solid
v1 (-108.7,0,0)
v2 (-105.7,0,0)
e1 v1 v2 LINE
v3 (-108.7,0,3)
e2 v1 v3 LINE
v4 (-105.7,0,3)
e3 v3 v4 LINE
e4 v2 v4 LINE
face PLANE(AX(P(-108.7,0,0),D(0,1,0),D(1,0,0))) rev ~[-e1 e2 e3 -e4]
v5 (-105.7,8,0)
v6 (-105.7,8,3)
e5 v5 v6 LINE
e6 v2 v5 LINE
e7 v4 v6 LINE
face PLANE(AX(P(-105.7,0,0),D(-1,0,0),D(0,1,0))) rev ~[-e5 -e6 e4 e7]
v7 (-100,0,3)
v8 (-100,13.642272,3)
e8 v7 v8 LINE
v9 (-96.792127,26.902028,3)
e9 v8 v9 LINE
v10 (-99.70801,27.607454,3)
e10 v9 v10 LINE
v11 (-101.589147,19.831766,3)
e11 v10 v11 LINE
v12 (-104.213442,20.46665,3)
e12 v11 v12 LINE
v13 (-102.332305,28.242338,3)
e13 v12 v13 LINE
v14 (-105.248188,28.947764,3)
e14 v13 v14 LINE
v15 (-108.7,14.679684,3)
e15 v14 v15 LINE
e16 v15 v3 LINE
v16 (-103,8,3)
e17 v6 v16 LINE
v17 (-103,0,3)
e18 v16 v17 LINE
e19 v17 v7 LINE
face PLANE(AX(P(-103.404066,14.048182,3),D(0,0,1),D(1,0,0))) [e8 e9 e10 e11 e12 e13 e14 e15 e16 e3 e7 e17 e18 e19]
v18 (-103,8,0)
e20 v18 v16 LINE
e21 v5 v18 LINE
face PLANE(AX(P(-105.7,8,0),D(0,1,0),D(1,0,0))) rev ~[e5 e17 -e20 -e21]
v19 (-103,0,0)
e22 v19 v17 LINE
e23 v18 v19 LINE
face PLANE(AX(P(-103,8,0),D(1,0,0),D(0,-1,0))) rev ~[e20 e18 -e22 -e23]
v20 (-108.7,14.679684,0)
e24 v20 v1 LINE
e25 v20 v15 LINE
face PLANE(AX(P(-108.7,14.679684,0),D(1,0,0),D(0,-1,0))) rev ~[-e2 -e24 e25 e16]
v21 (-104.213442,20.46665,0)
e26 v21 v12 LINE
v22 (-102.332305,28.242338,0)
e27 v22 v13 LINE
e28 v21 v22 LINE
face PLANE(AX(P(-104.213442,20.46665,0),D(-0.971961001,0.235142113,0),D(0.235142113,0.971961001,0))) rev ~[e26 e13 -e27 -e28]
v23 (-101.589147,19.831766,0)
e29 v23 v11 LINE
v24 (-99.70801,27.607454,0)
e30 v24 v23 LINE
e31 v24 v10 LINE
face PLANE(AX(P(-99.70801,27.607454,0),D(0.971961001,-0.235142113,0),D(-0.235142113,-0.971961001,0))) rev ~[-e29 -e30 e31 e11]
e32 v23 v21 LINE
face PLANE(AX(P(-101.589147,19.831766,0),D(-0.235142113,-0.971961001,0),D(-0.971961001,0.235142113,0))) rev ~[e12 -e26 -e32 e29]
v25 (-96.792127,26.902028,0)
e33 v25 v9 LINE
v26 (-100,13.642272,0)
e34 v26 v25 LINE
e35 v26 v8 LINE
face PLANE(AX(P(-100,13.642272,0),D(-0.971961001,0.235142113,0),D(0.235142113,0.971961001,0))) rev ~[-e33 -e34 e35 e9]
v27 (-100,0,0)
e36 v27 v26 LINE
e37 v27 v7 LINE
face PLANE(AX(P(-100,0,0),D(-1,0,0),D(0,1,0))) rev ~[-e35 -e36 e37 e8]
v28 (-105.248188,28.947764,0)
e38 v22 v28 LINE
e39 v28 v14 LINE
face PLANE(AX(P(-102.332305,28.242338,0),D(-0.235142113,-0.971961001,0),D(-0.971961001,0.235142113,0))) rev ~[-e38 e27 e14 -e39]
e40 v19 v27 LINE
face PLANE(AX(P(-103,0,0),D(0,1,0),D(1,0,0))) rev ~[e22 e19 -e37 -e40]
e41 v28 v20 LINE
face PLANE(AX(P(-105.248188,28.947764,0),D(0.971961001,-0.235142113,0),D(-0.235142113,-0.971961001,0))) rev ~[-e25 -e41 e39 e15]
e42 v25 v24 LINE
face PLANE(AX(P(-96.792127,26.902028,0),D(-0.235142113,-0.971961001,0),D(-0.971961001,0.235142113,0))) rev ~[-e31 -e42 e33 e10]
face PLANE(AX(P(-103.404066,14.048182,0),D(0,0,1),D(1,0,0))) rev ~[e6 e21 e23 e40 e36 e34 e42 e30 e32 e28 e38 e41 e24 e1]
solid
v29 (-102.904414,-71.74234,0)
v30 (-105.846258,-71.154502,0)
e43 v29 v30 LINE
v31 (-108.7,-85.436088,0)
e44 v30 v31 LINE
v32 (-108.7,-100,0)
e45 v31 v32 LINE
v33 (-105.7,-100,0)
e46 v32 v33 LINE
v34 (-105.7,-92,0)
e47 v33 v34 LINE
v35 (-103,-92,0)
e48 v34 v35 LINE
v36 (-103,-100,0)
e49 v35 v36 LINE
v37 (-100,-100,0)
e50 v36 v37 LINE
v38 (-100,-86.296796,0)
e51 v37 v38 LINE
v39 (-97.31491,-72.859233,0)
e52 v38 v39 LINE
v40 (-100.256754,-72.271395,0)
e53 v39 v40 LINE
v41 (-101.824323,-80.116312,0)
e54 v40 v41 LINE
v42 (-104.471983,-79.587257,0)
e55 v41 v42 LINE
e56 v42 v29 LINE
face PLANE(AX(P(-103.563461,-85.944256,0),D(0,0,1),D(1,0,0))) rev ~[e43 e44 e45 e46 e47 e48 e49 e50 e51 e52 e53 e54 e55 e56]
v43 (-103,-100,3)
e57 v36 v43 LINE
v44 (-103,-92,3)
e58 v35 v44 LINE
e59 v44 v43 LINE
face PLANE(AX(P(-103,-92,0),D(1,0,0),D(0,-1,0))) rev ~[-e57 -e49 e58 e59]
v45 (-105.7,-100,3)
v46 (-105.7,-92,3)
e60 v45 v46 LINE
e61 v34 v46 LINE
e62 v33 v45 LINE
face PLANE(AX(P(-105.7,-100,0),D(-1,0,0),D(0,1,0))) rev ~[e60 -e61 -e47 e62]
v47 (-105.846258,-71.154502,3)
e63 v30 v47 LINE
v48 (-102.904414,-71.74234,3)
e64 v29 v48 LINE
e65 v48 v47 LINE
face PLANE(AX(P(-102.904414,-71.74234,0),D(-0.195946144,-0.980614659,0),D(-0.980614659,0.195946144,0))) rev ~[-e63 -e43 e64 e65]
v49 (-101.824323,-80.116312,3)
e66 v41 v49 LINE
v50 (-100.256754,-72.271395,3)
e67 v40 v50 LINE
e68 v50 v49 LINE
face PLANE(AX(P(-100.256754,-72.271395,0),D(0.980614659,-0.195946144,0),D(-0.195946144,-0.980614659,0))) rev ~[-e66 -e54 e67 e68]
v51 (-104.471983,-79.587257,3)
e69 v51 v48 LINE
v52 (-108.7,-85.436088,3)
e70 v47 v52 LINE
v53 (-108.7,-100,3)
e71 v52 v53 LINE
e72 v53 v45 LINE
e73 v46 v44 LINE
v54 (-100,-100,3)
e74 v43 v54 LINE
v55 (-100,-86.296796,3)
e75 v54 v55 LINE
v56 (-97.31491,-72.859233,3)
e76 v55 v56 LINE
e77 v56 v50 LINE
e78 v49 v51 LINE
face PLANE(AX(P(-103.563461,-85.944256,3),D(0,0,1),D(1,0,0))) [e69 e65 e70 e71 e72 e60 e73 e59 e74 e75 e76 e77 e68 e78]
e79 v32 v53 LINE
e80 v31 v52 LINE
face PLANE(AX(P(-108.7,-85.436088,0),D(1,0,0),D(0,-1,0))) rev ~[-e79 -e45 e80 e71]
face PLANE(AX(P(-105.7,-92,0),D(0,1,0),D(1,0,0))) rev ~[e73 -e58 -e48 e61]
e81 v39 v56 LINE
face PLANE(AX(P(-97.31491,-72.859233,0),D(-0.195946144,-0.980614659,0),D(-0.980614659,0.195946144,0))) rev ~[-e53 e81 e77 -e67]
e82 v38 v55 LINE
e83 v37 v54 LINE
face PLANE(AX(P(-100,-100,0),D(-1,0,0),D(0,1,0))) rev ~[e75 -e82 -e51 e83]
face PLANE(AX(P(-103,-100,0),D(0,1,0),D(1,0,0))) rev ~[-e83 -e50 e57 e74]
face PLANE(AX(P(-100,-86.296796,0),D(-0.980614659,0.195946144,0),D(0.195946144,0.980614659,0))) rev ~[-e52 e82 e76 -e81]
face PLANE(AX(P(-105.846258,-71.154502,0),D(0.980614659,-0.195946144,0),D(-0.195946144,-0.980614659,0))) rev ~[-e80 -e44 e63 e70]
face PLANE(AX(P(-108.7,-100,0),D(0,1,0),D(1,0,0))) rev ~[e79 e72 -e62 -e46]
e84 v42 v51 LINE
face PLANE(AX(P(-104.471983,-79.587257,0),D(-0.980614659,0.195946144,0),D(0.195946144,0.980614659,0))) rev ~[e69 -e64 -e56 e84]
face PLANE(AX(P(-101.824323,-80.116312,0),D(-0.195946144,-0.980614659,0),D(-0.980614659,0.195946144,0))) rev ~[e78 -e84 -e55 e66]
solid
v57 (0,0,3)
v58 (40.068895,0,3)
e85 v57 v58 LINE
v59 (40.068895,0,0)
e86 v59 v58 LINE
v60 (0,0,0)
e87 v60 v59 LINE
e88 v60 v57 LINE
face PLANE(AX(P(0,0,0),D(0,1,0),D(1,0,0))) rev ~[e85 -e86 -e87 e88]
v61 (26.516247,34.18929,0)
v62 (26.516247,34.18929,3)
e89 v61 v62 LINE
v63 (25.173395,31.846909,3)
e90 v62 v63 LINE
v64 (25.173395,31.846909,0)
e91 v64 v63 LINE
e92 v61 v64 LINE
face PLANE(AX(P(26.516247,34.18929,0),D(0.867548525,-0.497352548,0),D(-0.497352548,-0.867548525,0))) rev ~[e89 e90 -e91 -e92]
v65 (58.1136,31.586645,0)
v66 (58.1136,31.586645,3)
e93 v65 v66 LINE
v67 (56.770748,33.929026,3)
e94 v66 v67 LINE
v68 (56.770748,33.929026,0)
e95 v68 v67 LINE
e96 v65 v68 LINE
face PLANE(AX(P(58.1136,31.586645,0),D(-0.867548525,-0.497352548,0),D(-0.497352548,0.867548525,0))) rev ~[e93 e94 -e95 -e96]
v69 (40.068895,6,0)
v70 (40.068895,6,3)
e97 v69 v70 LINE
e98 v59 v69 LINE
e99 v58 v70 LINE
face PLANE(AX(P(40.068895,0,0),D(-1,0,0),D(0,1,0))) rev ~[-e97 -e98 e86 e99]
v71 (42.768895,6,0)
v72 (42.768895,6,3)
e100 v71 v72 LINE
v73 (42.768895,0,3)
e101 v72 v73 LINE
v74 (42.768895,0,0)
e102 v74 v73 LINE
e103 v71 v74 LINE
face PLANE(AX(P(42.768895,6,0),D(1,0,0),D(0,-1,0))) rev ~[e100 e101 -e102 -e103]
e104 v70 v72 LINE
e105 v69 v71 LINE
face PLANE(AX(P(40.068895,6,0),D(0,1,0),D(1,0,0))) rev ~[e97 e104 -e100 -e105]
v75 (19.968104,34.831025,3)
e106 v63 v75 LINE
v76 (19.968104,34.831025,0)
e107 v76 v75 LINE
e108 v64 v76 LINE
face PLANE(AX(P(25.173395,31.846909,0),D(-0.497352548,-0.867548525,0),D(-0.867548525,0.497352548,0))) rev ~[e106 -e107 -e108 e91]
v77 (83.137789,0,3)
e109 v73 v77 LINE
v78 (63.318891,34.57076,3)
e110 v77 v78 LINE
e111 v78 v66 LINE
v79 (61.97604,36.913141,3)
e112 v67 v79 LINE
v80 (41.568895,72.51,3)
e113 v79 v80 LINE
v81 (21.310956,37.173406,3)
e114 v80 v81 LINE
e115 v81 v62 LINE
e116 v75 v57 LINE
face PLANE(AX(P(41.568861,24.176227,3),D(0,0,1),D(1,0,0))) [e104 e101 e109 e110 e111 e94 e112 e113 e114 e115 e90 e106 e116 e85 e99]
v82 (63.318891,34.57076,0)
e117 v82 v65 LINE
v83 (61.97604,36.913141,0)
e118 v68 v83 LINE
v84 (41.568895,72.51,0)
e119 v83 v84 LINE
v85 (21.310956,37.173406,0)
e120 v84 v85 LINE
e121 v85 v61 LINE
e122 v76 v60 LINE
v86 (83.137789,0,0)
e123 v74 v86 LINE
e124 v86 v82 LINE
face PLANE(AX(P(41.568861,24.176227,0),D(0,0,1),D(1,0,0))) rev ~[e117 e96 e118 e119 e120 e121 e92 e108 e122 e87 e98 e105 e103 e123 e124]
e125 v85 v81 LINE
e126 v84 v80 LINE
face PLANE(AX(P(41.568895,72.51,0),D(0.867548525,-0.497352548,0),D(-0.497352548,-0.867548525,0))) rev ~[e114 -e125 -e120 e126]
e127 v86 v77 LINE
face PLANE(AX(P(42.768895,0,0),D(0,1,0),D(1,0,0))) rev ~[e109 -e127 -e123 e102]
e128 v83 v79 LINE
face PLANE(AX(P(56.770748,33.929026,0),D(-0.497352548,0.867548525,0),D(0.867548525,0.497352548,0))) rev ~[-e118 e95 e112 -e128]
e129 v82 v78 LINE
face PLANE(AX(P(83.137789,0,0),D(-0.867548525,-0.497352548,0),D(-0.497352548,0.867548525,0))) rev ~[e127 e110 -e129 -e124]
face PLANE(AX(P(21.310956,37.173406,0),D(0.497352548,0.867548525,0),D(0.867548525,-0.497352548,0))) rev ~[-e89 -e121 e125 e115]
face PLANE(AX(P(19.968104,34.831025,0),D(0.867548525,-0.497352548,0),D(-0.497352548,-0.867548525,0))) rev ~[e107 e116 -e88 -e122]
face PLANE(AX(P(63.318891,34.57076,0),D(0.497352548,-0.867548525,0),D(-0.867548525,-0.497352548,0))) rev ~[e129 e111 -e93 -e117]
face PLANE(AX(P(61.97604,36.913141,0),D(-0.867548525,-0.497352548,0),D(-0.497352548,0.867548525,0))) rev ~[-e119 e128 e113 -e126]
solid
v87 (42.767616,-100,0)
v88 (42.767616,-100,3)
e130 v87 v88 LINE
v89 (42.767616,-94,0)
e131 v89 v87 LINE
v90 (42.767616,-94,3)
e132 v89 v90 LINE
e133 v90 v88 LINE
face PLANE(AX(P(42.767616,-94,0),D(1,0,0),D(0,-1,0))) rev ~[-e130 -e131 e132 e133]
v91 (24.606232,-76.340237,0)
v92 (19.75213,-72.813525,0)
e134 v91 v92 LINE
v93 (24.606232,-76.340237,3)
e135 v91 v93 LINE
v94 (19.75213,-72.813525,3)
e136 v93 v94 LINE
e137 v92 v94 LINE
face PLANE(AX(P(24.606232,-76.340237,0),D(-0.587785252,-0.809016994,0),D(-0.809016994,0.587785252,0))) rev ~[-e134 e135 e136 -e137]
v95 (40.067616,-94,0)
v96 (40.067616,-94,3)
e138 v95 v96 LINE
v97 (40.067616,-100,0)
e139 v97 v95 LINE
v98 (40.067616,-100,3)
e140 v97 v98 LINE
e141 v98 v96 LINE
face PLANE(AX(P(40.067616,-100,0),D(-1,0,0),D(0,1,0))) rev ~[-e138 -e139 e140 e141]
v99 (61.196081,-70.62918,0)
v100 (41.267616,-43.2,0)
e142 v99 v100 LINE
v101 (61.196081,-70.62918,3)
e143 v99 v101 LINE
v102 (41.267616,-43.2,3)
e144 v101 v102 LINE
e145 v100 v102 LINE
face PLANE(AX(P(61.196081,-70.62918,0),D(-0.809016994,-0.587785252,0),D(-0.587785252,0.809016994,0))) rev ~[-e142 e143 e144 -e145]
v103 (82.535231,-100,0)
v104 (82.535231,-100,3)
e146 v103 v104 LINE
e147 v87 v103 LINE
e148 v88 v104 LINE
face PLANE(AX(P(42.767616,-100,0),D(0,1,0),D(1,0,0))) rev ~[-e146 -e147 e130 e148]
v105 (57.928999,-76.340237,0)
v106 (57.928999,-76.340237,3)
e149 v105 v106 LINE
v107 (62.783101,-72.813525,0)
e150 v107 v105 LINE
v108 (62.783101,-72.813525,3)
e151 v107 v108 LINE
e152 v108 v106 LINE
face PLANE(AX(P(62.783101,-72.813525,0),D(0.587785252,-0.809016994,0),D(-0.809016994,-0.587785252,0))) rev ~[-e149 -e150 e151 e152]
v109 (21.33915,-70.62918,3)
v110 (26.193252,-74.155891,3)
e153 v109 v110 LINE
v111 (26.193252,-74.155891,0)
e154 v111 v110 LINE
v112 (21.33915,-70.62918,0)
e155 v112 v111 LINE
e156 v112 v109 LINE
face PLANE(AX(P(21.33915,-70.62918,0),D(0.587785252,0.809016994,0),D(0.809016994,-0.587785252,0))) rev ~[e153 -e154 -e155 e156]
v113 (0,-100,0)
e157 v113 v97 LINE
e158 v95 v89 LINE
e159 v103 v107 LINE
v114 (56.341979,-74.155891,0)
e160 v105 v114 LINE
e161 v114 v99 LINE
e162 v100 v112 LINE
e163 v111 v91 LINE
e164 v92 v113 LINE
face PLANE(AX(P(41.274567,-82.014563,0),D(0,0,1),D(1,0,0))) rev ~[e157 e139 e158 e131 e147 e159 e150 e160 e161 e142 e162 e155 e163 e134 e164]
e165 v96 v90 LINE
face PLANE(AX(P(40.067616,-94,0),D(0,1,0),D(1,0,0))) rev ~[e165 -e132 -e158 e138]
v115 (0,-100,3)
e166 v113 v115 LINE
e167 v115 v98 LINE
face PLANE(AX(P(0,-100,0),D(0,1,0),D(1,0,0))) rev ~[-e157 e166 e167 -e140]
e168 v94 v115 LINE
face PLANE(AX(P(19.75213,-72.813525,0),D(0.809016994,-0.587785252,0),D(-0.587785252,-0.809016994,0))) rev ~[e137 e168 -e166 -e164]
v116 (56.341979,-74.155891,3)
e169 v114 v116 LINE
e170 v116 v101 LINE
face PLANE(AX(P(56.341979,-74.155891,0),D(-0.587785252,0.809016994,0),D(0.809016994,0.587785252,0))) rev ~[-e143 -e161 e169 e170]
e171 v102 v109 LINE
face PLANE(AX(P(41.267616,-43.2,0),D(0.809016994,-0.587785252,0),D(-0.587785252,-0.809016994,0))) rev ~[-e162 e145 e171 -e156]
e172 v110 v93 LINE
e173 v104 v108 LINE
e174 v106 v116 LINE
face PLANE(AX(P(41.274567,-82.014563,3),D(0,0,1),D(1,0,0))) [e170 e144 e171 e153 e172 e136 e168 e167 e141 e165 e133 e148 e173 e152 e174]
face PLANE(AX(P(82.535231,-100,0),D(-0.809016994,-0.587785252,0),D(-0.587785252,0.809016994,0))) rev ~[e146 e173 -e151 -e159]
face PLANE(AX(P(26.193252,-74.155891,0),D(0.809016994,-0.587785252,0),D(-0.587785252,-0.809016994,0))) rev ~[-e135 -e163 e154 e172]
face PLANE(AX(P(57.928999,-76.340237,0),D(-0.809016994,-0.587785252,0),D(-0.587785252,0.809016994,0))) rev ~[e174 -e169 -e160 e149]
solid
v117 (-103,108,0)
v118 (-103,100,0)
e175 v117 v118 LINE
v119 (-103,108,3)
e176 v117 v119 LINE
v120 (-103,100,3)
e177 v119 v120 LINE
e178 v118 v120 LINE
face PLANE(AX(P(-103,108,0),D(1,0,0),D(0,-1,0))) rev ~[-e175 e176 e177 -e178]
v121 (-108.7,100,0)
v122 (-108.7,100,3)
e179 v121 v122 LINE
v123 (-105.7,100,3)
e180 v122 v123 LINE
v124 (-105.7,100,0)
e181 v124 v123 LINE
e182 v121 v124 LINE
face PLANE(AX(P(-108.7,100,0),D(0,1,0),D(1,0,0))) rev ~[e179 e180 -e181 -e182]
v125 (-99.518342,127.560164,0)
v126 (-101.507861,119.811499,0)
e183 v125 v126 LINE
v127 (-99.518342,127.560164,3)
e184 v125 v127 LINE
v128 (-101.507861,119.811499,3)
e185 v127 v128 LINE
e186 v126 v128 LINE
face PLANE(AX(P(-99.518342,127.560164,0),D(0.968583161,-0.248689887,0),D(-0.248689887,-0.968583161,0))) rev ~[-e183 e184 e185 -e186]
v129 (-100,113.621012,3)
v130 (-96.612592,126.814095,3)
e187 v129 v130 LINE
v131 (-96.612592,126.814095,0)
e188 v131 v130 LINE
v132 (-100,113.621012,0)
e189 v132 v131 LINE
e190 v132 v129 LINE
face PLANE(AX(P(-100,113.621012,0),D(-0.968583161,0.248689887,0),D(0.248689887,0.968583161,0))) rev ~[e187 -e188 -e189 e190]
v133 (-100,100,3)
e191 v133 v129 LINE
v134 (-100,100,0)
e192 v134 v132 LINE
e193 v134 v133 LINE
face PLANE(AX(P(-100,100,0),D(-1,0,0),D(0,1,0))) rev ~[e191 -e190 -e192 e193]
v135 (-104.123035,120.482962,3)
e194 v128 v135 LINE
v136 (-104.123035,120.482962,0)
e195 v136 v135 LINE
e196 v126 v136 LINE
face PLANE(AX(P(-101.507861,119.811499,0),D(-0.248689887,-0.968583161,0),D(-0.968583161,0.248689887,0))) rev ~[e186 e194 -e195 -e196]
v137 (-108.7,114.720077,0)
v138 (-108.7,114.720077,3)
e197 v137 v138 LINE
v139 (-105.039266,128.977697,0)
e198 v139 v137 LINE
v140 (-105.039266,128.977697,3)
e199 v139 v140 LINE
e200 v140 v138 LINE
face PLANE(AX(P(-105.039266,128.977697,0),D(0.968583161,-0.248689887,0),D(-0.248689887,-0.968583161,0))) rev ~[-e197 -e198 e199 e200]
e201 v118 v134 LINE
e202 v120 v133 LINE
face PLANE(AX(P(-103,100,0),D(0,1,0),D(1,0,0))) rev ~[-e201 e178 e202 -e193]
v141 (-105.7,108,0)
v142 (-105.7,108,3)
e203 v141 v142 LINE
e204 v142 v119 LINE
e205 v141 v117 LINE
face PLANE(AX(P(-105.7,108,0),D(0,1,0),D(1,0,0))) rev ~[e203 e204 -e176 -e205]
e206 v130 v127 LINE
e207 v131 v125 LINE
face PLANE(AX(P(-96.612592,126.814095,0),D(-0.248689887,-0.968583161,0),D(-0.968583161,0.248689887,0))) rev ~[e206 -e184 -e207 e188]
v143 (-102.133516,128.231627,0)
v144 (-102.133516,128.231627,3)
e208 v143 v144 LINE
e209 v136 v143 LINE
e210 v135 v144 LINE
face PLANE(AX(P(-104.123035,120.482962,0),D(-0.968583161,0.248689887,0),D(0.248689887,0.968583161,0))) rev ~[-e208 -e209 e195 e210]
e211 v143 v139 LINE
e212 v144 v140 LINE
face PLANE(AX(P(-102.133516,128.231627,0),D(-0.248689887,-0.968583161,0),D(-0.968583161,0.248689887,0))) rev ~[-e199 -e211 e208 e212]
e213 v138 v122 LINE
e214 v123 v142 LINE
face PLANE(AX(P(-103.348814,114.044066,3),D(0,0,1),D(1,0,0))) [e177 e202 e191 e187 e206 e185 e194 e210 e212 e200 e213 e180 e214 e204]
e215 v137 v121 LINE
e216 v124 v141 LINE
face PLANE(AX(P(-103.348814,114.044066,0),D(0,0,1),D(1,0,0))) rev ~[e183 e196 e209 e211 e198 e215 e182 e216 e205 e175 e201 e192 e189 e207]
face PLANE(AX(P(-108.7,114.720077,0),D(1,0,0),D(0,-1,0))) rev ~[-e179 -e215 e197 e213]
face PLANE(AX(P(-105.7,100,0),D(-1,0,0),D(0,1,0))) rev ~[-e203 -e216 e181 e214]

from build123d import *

# Parameters (mm, degrees)
F2_DEPTH  = 3
F4_DEPTH  = 3
F6_DEPTH  = 3
F8_DEPTH  = 3
F10_DEPTH = 3


with BuildPart() as f2:
    # F1 (on Top) → F2 (new body)
    with BuildSketch(Plane.XY):
        Polygon((19.968103654, 34.8310246878), (0, 0), (40.0688946405, 0), (40.0688946405, 6), (42.7688946405, 6), (42.7688946405, 0), (83.137789281, 0), (63.3188913913, 34.5707601304), (58.1136002415, 31.5866448435), (56.7707483624, 33.9290258609), (61.9760395122, 36.9131411478), (41.5688946405, 72.509999976), (21.3109555331, 37.1734057053), (26.5162466829, 34.1892904184), (25.1733948038, 31.846909401), align=None)
    extrude(amount=F2_DEPTH)


with BuildPart() as f4:
    # F3 (on Top) → F4 (new body)
    with BuildSketch(Plane.XY):
        Polygon((19.7521299169, -72.8135254916), (0, -100), (40.0676155907, -100), (40.0676155907, -94), (42.7676155907, -94), (42.7676155907, -100), (82.5352311814, -100), (62.7831012645, -72.8135254916), (57.9289992982, -76.3402370053), (56.3419791171, -74.1558911205), (61.1960810833, -70.6291796067), (41.2676155907, -43.2), (21.3391500981, -70.6291796068), (26.1932520644, -74.1558911205), (24.6062318832, -76.3402370053), align=None)
    extrude(amount=F4_DEPTH)


with BuildPart() as f6:
    # F5 (on Top) → F6 (new body)
    with BuildSketch(Plane.XY):
        Polygon((-103, 0), (-100, 0), (-100, 13.642271658), (-96.7921274148, 26.9020276688), (-99.7080104166, 27.6074540081), (-101.5891473214, 19.8317660035), (-104.2134420229, 20.4666497088), (-102.3323051181, 28.2423377135), (-105.2481881199, 28.9477640528), (-108.7, 14.6796838499), (-108.7, 0), (-105.7, 0), (-105.7, 8), (-103, 8), align=None)
    extrude(amount=F6_DEPTH)


with BuildPart() as f8:
    # F7 (on Top) → F8 (new body)
    with BuildSketch(Plane.XY):
        Polygon((-103, -100), (-100, -100), (-100, -86.2967959619), (-97.314910005, -72.8592332131), (-100.2567539806, -72.2713947803), (-101.8243231345, -80.1163120487), (-104.4719827126, -79.5872574593), (-102.9044135587, -71.7423401909), (-105.8462575343, -71.1545017582), (-108.7, -85.4360876724), (-108.7, -100), (-105.7, -100), (-105.7, -92), (-103, -92), align=None)
    extrude(amount=F8_DEPTH)


with BuildPart() as f10:
    # F9 (on Top) → F10 (new body)
    with BuildSketch(Plane.XY):
        Polygon((-103, 100), (-100, 100), (-100, 113.6210118647), (-96.6125920963, 126.8140945943), (-99.5183415797, 127.5601642558), (-101.507860677, 119.8114989668), (-104.1230352121, 120.4829616621), (-102.1335161147, 128.2316269511), (-105.0392655981, 128.9776966126), (-108.7, 114.7200774571), (-108.7, 100), (-105.7, 100), (-105.7, 108), (-103, 108), align=None)
    extrude(amount=F10_DEPTH)


solid = Compound([f2.part, f4.part, f6.part, f8.part, f10.part])
